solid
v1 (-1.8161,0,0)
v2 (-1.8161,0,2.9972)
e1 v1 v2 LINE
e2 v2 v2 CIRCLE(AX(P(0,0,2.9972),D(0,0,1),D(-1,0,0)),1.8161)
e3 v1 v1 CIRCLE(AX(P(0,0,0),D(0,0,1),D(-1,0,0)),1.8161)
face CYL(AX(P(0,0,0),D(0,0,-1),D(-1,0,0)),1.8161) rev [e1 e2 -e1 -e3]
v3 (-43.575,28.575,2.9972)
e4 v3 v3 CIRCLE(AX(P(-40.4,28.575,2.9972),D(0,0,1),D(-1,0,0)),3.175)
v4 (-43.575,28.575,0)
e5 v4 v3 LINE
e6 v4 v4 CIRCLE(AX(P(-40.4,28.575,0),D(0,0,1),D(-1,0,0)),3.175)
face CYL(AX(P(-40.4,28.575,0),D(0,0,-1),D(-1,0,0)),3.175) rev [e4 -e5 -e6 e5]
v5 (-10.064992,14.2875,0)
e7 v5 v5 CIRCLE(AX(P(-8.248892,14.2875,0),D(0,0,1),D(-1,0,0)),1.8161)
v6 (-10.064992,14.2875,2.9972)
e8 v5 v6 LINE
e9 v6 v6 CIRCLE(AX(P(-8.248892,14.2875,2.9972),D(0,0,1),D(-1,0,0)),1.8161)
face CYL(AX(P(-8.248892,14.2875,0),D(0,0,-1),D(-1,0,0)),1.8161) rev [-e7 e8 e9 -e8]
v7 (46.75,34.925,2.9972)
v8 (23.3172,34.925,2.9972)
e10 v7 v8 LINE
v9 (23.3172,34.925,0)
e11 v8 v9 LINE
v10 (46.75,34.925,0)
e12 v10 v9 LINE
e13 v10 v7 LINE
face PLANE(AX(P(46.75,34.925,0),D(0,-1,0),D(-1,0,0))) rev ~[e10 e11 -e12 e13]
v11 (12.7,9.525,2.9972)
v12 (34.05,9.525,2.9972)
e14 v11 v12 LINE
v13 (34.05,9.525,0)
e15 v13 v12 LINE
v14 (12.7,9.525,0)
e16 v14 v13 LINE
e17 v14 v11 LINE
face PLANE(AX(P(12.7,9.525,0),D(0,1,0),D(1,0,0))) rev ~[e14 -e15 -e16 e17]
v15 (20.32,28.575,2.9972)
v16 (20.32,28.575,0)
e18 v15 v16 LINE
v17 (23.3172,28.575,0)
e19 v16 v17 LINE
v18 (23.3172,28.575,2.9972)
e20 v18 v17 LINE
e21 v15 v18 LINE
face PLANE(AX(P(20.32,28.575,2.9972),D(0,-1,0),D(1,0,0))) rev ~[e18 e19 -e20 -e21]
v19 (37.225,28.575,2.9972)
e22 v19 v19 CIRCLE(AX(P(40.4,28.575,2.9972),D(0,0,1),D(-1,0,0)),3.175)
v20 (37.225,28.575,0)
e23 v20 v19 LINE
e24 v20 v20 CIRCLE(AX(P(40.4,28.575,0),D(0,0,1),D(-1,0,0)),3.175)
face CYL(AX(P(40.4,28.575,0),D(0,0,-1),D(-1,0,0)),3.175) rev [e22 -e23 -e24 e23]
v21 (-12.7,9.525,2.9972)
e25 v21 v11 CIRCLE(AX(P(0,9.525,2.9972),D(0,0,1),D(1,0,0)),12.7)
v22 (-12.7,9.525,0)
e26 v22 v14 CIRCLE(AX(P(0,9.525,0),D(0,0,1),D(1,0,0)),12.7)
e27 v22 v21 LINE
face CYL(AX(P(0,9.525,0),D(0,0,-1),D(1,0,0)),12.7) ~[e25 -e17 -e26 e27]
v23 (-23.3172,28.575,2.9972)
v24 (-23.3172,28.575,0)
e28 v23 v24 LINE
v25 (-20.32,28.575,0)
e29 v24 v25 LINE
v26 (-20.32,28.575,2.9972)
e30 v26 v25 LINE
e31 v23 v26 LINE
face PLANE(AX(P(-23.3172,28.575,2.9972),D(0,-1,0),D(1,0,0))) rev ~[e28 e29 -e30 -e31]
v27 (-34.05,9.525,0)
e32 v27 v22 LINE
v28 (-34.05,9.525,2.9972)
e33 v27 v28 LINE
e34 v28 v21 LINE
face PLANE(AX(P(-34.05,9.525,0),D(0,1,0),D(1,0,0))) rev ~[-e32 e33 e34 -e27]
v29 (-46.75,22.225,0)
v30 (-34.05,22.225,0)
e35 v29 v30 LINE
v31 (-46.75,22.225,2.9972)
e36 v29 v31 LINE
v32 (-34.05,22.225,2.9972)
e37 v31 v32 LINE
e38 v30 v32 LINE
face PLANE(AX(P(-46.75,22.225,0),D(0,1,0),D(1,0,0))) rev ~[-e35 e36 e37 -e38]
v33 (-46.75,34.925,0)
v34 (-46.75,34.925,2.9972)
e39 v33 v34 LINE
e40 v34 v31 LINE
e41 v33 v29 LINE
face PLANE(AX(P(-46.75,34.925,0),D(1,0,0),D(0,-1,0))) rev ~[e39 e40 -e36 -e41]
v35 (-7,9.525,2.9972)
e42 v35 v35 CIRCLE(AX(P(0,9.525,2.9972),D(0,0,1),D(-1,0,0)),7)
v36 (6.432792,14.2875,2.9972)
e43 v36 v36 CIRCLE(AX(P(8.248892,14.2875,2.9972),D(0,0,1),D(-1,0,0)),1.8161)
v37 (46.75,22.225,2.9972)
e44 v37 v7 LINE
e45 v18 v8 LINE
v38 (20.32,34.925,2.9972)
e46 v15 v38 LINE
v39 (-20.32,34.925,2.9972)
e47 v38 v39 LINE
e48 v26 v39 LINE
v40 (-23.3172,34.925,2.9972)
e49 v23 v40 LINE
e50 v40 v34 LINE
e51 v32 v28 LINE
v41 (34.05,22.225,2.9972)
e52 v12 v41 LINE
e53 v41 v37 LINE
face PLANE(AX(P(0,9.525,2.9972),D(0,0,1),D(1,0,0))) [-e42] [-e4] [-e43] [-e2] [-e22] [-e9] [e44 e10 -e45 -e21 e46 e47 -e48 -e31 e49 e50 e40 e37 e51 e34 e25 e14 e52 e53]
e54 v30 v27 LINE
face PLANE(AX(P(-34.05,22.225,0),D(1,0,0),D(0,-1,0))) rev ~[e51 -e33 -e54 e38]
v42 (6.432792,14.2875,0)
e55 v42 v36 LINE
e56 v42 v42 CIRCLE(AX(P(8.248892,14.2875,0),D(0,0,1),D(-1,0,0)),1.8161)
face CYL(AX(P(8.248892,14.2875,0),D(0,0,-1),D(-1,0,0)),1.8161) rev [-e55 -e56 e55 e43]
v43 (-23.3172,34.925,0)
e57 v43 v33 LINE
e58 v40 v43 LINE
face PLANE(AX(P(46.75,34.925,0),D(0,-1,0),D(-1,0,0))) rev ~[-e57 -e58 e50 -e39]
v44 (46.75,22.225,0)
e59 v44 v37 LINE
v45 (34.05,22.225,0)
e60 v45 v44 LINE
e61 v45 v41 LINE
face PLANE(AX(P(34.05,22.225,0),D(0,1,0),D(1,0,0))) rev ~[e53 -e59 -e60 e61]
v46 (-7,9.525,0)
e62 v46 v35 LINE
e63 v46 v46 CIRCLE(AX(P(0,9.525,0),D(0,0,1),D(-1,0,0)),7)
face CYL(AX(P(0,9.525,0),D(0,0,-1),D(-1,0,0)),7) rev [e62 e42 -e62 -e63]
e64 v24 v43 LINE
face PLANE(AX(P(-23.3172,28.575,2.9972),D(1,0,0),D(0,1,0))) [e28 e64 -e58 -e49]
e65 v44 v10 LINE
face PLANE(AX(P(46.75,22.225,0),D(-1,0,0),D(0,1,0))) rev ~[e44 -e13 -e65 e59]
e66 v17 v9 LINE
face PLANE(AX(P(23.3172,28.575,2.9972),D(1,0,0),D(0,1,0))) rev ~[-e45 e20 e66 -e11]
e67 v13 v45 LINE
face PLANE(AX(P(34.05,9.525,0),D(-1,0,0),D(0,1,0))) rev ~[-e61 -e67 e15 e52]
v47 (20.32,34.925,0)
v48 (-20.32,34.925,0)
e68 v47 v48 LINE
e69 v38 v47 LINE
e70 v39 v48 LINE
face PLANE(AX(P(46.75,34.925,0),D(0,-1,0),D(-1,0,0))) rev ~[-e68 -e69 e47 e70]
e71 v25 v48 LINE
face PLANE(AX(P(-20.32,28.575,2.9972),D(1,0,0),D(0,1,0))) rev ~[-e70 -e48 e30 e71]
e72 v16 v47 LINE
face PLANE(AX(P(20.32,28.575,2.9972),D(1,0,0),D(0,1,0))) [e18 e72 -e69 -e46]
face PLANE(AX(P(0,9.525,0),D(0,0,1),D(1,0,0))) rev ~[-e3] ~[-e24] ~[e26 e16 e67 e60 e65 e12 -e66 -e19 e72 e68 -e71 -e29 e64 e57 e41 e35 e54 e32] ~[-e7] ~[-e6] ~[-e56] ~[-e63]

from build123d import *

# Parameters (mm, degrees)
SKETCH1_R           = 3.175
SKETCH1_R_2         = 1.8161
SKETCH1_R_3         = 7
BOSS_EXTRUDE1_DEPTH = 2.9972
SKETCH2_W           = 2.9972
SKETCH2_H           = 6.35
CUT_EXTRUDE1_DEPTH  = 59.432023179


with BuildPart() as part:
    # Sketch1 → Boss-Extrude1 (new body)
    with BuildSketch(Plane.XY):
        with BuildLine():
            Line((-34.05, 9.525), (-12.7, 9.525))
            ThreePointArc((-12.7, 9.525), (0, -3.175), (12.7, 9.525))
            Line((12.7, 9.525), (34.05, 9.525))
            Line((34.05, 9.525), (34.05, 22.225))
            Line((34.05, 22.225), (46.75, 22.225))
            Line((46.75, 22.225), (46.75, 34.925))
            Line((46.75, 34.925), (-46.75, 34.925))
            Line((-46.75, 34.925), (-46.75, 22.225))
            Line((-46.75, 22.225), (-34.05, 22.225))
            Line((-34.05, 22.225), (-34.05, 9.525))
        make_face()
        with Locations((-40.4, 28.575)):
            Circle(SKETCH1_R, mode=Mode.SUBTRACT)
        with Locations((40.4, 28.575)):
            Circle(SKETCH1_R, mode=Mode.SUBTRACT)
        with Locations((8.248891971, 14.2875)):
            Circle(SKETCH1_R_2, mode=Mode.SUBTRACT)
        with Locations((-8.248891971, 14.2875)):
            Circle(SKETCH1_R_2, mode=Mode.SUBTRACT)
        Circle(SKETCH1_R_2, mode=Mode.SUBTRACT)
        with Locations((0, 9.525)):
            Circle(SKETCH1_R_3, mode=Mode.SUBTRACT)
    extrude(amount=BOSS_EXTRUDE1_DEPTH)

    # Sketch2 → Cut-Extrude1 (cut, through all)
    with BuildSketch(Plane.XY.offset(2.9972)):
        with Locations((-21.8186, 31.75)):
            Rectangle(SKETCH2_W, SKETCH2_H)
        with Locations((21.8186, 31.75)):
            Rectangle(SKETCH2_W, SKETCH2_H)
    extrude(amount=-CUT_EXTRUDE1_DEPTH, mode=Mode.SUBTRACT)


solid = part.part
